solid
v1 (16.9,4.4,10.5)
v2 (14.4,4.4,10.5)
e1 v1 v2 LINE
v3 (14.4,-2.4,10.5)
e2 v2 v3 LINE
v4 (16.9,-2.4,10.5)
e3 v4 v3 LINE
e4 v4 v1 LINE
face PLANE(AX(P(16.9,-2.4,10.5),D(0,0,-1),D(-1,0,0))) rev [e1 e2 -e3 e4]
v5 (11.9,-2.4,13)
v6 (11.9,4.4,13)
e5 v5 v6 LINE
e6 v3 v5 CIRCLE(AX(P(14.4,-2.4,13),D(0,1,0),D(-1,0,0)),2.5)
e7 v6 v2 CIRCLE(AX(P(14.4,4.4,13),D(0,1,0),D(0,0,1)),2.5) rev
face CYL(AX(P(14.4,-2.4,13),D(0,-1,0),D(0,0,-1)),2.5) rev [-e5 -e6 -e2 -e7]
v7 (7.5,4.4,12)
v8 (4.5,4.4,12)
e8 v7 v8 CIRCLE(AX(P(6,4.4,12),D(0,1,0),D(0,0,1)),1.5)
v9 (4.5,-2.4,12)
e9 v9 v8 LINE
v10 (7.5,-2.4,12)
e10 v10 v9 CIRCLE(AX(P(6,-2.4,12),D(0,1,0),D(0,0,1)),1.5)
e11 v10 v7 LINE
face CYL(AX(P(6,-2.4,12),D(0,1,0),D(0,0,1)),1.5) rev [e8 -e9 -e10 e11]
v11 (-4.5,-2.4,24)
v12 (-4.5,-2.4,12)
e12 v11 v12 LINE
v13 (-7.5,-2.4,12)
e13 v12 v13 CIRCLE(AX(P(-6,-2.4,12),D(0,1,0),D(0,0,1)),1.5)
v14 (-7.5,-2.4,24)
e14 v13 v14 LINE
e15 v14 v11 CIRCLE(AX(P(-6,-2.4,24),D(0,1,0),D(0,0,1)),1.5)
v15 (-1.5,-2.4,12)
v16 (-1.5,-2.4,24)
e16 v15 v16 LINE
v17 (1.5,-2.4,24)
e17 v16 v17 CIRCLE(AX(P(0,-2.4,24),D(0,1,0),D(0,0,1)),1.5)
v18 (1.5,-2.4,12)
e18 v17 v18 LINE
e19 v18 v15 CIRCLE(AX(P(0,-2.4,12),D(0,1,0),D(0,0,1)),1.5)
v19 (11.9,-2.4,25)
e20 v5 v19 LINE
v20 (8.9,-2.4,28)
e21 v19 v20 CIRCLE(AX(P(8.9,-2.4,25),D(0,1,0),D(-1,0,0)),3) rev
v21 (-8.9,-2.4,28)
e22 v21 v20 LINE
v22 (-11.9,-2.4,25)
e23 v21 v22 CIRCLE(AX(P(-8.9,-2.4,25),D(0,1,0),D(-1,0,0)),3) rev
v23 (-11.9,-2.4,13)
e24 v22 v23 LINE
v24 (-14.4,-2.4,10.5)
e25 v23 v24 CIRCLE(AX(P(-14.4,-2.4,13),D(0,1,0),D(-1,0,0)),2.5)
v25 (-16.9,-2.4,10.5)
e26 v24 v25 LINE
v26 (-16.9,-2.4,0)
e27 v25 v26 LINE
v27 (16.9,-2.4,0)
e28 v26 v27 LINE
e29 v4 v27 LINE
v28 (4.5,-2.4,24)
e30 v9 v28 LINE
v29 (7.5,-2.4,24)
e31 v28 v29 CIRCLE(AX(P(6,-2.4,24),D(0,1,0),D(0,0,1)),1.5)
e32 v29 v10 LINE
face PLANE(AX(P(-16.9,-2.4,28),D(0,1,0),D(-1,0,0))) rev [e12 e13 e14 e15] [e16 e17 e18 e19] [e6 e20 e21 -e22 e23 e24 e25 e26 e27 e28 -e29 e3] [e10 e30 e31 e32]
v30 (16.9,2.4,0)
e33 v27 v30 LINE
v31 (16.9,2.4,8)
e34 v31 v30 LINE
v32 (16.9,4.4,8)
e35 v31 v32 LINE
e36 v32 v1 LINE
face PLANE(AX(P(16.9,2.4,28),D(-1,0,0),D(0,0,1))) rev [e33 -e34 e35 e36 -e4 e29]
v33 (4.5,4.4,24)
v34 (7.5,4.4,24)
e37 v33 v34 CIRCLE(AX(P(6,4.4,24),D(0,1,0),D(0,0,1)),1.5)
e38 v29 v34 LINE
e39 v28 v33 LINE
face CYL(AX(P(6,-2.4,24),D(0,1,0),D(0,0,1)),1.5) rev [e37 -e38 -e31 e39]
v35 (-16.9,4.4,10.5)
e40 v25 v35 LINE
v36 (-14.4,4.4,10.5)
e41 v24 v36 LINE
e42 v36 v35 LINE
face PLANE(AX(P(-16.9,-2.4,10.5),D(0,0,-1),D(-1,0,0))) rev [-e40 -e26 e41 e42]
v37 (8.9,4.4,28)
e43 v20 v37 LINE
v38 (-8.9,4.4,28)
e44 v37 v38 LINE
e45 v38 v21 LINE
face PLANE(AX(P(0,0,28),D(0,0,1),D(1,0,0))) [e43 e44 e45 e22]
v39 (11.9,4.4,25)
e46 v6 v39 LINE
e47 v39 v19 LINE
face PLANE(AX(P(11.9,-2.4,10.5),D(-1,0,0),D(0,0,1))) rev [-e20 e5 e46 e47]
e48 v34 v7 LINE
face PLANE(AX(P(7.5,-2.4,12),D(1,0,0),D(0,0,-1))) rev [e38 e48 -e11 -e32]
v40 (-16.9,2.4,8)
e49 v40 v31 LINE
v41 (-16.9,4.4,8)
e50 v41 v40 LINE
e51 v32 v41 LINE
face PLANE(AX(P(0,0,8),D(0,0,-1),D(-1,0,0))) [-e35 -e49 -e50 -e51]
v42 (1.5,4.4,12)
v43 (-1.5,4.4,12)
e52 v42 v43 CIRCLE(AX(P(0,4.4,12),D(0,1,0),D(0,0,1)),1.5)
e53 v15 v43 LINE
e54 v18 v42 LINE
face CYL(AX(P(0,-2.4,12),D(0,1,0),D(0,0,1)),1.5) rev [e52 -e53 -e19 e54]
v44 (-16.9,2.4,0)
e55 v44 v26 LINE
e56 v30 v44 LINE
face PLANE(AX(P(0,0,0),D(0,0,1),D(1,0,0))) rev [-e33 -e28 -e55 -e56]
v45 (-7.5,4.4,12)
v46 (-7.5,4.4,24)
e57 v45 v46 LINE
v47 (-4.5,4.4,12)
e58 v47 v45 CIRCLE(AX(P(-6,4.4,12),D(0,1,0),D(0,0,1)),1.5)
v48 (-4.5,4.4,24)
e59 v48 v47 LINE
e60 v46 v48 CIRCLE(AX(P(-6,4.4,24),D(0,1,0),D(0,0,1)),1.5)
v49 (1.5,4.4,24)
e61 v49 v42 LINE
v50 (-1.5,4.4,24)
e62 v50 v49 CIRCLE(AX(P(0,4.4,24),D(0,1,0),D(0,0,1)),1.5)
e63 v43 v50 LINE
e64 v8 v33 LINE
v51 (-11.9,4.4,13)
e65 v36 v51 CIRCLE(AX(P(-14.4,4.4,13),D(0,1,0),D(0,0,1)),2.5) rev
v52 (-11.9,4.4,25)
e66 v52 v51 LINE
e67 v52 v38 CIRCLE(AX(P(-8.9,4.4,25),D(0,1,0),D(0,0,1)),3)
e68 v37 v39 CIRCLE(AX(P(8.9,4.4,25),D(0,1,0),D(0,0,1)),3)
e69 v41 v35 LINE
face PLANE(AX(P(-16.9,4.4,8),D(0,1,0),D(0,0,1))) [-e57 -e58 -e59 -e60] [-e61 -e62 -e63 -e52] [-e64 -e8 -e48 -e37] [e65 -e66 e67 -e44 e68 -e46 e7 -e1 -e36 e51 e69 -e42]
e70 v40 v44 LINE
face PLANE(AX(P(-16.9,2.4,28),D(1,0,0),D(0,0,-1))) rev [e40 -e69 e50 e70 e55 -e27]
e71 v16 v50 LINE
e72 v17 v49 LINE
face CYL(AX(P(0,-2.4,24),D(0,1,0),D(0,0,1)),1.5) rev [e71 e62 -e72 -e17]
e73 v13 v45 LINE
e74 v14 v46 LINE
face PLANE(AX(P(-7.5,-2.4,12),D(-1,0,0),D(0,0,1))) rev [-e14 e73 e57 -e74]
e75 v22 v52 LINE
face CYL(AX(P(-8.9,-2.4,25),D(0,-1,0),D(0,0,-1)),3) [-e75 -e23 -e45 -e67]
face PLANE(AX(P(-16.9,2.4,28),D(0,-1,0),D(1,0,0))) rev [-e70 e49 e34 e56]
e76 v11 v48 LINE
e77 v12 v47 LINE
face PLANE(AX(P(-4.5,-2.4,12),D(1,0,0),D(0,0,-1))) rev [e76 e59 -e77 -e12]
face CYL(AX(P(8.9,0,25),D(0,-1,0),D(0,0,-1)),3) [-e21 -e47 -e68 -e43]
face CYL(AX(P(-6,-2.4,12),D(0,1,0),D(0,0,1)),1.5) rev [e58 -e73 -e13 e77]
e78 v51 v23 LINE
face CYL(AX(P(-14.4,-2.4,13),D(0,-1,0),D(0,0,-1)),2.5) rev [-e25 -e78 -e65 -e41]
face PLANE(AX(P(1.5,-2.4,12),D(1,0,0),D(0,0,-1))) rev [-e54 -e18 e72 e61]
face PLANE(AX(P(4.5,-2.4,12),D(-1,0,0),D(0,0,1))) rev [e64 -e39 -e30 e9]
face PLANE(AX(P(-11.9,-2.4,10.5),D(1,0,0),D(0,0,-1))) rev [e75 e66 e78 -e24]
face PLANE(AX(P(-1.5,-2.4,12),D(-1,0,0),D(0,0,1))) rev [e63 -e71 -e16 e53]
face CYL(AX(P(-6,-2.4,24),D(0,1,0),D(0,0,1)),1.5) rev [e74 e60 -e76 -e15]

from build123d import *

# Parameters (mm, degrees)
SKETCH_1_W          = 33.8
SKETCH_1_H          = 4.8
EXTRUDE_1_DEPTH     = 28
SKETCH_2_W          = 33.8
SKETCH_2_H          = 2
EXTRUDE_2_DEPTH     = 20
CUT_EXTRUDE_1_DEPTH = 34.404341035
SKETCH_4_W          = 5
SKETCH_4_H          = 17.5
CUT_EXTRUDE_2_DEPTH = 34.404341035
FILLET_1_R          = 3
FILLET_3_R          = 2.5


with BuildPart() as part:
    # 草圖1 → 填料-伸長1 (new body)
    with BuildSketch(Plane.XY):
        Rectangle(SKETCH_1_W, SKETCH_1_H)
    extrude(amount=EXTRUDE_1_DEPTH)

    # 草圖2 → 填料-伸長2 (add)
    with BuildSketch(Plane.XY.offset(28)):
        with Locations((0, 3.4)):
            Rectangle(SKETCH_2_W, SKETCH_2_H)
    extrude(amount=-EXTRUDE_2_DEPTH)

    # 草圖3 → 除料-伸長1 (cut, through all)
    with BuildSketch(Plane(origin=(0, 4.4, 0), x_dir=(1, 0, 0), z_dir=(0, 1, 0))):
        with BuildLine():
            Line((1.5, -12), (1.5, -24))
            ThreePointArc((1.5, -24), (0, -25.5), (-1.5, -24))
            Line((-1.5, -24), (-1.5, -12))
            ThreePointArc((-1.5, -12), (0, -10.5), (1.5, -12))
        make_face()
        with BuildLine():
            Line((7.5, -12), (7.5, -24))
            ThreePointArc((7.5, -24), (6, -25.5), (4.5, -24))
            Line((4.5, -24), (4.5, -12))
            ThreePointArc((4.5, -12), (6, -10.5), (7.5, -12))
        make_face()
        with BuildLine():
            Line((-4.5, -12), (-4.5, -24))
            ThreePointArc((-4.5, -24), (-6, -25.5), (-7.5, -24))
            Line((-7.5, -24), (-7.5, -12))
            ThreePointArc((-7.5, -12), (-6, -10.5), (-4.5, -12))
        make_face()
    extrude(amount=-CUT_EXTRUDE_1_DEPTH, mode=Mode.SUBTRACT)

    # 草圖4 → 除料-伸長2 (cut, through all)
    with BuildSketch(Plane(origin=(0, 4.4, 0), x_dir=(1, 0, 0), z_dir=(0, 1, 0))):
        with Locations((-14.4, -19.25)):
            Rectangle(SKETCH_4_W, SKETCH_4_H)
        with Locations((14.4, -19.25)):
            Rectangle(SKETCH_4_W, SKETCH_4_H)
    extrude(amount=-CUT_EXTRUDE_2_DEPTH, mode=Mode.SUBTRACT)

    # 圓角1
    fillet_1_edges = [part.edges().sort_by_distance(p)[0] for p in [
        (-11.9, 1, 28),
        (11.9, 1, 28),
    ]]
    fillet(fillet_1_edges, radius=FILLET_1_R)

    # 圓角3
    fillet_3_edges = [part.edges().sort_by_distance(p)[0] for p in [
        (-11.9, 1, 10.5),
        (11.9, 1, 10.5),
    ]]
    fillet(fillet_3_edges, radius=FILLET_3_R)


solid = part.part
